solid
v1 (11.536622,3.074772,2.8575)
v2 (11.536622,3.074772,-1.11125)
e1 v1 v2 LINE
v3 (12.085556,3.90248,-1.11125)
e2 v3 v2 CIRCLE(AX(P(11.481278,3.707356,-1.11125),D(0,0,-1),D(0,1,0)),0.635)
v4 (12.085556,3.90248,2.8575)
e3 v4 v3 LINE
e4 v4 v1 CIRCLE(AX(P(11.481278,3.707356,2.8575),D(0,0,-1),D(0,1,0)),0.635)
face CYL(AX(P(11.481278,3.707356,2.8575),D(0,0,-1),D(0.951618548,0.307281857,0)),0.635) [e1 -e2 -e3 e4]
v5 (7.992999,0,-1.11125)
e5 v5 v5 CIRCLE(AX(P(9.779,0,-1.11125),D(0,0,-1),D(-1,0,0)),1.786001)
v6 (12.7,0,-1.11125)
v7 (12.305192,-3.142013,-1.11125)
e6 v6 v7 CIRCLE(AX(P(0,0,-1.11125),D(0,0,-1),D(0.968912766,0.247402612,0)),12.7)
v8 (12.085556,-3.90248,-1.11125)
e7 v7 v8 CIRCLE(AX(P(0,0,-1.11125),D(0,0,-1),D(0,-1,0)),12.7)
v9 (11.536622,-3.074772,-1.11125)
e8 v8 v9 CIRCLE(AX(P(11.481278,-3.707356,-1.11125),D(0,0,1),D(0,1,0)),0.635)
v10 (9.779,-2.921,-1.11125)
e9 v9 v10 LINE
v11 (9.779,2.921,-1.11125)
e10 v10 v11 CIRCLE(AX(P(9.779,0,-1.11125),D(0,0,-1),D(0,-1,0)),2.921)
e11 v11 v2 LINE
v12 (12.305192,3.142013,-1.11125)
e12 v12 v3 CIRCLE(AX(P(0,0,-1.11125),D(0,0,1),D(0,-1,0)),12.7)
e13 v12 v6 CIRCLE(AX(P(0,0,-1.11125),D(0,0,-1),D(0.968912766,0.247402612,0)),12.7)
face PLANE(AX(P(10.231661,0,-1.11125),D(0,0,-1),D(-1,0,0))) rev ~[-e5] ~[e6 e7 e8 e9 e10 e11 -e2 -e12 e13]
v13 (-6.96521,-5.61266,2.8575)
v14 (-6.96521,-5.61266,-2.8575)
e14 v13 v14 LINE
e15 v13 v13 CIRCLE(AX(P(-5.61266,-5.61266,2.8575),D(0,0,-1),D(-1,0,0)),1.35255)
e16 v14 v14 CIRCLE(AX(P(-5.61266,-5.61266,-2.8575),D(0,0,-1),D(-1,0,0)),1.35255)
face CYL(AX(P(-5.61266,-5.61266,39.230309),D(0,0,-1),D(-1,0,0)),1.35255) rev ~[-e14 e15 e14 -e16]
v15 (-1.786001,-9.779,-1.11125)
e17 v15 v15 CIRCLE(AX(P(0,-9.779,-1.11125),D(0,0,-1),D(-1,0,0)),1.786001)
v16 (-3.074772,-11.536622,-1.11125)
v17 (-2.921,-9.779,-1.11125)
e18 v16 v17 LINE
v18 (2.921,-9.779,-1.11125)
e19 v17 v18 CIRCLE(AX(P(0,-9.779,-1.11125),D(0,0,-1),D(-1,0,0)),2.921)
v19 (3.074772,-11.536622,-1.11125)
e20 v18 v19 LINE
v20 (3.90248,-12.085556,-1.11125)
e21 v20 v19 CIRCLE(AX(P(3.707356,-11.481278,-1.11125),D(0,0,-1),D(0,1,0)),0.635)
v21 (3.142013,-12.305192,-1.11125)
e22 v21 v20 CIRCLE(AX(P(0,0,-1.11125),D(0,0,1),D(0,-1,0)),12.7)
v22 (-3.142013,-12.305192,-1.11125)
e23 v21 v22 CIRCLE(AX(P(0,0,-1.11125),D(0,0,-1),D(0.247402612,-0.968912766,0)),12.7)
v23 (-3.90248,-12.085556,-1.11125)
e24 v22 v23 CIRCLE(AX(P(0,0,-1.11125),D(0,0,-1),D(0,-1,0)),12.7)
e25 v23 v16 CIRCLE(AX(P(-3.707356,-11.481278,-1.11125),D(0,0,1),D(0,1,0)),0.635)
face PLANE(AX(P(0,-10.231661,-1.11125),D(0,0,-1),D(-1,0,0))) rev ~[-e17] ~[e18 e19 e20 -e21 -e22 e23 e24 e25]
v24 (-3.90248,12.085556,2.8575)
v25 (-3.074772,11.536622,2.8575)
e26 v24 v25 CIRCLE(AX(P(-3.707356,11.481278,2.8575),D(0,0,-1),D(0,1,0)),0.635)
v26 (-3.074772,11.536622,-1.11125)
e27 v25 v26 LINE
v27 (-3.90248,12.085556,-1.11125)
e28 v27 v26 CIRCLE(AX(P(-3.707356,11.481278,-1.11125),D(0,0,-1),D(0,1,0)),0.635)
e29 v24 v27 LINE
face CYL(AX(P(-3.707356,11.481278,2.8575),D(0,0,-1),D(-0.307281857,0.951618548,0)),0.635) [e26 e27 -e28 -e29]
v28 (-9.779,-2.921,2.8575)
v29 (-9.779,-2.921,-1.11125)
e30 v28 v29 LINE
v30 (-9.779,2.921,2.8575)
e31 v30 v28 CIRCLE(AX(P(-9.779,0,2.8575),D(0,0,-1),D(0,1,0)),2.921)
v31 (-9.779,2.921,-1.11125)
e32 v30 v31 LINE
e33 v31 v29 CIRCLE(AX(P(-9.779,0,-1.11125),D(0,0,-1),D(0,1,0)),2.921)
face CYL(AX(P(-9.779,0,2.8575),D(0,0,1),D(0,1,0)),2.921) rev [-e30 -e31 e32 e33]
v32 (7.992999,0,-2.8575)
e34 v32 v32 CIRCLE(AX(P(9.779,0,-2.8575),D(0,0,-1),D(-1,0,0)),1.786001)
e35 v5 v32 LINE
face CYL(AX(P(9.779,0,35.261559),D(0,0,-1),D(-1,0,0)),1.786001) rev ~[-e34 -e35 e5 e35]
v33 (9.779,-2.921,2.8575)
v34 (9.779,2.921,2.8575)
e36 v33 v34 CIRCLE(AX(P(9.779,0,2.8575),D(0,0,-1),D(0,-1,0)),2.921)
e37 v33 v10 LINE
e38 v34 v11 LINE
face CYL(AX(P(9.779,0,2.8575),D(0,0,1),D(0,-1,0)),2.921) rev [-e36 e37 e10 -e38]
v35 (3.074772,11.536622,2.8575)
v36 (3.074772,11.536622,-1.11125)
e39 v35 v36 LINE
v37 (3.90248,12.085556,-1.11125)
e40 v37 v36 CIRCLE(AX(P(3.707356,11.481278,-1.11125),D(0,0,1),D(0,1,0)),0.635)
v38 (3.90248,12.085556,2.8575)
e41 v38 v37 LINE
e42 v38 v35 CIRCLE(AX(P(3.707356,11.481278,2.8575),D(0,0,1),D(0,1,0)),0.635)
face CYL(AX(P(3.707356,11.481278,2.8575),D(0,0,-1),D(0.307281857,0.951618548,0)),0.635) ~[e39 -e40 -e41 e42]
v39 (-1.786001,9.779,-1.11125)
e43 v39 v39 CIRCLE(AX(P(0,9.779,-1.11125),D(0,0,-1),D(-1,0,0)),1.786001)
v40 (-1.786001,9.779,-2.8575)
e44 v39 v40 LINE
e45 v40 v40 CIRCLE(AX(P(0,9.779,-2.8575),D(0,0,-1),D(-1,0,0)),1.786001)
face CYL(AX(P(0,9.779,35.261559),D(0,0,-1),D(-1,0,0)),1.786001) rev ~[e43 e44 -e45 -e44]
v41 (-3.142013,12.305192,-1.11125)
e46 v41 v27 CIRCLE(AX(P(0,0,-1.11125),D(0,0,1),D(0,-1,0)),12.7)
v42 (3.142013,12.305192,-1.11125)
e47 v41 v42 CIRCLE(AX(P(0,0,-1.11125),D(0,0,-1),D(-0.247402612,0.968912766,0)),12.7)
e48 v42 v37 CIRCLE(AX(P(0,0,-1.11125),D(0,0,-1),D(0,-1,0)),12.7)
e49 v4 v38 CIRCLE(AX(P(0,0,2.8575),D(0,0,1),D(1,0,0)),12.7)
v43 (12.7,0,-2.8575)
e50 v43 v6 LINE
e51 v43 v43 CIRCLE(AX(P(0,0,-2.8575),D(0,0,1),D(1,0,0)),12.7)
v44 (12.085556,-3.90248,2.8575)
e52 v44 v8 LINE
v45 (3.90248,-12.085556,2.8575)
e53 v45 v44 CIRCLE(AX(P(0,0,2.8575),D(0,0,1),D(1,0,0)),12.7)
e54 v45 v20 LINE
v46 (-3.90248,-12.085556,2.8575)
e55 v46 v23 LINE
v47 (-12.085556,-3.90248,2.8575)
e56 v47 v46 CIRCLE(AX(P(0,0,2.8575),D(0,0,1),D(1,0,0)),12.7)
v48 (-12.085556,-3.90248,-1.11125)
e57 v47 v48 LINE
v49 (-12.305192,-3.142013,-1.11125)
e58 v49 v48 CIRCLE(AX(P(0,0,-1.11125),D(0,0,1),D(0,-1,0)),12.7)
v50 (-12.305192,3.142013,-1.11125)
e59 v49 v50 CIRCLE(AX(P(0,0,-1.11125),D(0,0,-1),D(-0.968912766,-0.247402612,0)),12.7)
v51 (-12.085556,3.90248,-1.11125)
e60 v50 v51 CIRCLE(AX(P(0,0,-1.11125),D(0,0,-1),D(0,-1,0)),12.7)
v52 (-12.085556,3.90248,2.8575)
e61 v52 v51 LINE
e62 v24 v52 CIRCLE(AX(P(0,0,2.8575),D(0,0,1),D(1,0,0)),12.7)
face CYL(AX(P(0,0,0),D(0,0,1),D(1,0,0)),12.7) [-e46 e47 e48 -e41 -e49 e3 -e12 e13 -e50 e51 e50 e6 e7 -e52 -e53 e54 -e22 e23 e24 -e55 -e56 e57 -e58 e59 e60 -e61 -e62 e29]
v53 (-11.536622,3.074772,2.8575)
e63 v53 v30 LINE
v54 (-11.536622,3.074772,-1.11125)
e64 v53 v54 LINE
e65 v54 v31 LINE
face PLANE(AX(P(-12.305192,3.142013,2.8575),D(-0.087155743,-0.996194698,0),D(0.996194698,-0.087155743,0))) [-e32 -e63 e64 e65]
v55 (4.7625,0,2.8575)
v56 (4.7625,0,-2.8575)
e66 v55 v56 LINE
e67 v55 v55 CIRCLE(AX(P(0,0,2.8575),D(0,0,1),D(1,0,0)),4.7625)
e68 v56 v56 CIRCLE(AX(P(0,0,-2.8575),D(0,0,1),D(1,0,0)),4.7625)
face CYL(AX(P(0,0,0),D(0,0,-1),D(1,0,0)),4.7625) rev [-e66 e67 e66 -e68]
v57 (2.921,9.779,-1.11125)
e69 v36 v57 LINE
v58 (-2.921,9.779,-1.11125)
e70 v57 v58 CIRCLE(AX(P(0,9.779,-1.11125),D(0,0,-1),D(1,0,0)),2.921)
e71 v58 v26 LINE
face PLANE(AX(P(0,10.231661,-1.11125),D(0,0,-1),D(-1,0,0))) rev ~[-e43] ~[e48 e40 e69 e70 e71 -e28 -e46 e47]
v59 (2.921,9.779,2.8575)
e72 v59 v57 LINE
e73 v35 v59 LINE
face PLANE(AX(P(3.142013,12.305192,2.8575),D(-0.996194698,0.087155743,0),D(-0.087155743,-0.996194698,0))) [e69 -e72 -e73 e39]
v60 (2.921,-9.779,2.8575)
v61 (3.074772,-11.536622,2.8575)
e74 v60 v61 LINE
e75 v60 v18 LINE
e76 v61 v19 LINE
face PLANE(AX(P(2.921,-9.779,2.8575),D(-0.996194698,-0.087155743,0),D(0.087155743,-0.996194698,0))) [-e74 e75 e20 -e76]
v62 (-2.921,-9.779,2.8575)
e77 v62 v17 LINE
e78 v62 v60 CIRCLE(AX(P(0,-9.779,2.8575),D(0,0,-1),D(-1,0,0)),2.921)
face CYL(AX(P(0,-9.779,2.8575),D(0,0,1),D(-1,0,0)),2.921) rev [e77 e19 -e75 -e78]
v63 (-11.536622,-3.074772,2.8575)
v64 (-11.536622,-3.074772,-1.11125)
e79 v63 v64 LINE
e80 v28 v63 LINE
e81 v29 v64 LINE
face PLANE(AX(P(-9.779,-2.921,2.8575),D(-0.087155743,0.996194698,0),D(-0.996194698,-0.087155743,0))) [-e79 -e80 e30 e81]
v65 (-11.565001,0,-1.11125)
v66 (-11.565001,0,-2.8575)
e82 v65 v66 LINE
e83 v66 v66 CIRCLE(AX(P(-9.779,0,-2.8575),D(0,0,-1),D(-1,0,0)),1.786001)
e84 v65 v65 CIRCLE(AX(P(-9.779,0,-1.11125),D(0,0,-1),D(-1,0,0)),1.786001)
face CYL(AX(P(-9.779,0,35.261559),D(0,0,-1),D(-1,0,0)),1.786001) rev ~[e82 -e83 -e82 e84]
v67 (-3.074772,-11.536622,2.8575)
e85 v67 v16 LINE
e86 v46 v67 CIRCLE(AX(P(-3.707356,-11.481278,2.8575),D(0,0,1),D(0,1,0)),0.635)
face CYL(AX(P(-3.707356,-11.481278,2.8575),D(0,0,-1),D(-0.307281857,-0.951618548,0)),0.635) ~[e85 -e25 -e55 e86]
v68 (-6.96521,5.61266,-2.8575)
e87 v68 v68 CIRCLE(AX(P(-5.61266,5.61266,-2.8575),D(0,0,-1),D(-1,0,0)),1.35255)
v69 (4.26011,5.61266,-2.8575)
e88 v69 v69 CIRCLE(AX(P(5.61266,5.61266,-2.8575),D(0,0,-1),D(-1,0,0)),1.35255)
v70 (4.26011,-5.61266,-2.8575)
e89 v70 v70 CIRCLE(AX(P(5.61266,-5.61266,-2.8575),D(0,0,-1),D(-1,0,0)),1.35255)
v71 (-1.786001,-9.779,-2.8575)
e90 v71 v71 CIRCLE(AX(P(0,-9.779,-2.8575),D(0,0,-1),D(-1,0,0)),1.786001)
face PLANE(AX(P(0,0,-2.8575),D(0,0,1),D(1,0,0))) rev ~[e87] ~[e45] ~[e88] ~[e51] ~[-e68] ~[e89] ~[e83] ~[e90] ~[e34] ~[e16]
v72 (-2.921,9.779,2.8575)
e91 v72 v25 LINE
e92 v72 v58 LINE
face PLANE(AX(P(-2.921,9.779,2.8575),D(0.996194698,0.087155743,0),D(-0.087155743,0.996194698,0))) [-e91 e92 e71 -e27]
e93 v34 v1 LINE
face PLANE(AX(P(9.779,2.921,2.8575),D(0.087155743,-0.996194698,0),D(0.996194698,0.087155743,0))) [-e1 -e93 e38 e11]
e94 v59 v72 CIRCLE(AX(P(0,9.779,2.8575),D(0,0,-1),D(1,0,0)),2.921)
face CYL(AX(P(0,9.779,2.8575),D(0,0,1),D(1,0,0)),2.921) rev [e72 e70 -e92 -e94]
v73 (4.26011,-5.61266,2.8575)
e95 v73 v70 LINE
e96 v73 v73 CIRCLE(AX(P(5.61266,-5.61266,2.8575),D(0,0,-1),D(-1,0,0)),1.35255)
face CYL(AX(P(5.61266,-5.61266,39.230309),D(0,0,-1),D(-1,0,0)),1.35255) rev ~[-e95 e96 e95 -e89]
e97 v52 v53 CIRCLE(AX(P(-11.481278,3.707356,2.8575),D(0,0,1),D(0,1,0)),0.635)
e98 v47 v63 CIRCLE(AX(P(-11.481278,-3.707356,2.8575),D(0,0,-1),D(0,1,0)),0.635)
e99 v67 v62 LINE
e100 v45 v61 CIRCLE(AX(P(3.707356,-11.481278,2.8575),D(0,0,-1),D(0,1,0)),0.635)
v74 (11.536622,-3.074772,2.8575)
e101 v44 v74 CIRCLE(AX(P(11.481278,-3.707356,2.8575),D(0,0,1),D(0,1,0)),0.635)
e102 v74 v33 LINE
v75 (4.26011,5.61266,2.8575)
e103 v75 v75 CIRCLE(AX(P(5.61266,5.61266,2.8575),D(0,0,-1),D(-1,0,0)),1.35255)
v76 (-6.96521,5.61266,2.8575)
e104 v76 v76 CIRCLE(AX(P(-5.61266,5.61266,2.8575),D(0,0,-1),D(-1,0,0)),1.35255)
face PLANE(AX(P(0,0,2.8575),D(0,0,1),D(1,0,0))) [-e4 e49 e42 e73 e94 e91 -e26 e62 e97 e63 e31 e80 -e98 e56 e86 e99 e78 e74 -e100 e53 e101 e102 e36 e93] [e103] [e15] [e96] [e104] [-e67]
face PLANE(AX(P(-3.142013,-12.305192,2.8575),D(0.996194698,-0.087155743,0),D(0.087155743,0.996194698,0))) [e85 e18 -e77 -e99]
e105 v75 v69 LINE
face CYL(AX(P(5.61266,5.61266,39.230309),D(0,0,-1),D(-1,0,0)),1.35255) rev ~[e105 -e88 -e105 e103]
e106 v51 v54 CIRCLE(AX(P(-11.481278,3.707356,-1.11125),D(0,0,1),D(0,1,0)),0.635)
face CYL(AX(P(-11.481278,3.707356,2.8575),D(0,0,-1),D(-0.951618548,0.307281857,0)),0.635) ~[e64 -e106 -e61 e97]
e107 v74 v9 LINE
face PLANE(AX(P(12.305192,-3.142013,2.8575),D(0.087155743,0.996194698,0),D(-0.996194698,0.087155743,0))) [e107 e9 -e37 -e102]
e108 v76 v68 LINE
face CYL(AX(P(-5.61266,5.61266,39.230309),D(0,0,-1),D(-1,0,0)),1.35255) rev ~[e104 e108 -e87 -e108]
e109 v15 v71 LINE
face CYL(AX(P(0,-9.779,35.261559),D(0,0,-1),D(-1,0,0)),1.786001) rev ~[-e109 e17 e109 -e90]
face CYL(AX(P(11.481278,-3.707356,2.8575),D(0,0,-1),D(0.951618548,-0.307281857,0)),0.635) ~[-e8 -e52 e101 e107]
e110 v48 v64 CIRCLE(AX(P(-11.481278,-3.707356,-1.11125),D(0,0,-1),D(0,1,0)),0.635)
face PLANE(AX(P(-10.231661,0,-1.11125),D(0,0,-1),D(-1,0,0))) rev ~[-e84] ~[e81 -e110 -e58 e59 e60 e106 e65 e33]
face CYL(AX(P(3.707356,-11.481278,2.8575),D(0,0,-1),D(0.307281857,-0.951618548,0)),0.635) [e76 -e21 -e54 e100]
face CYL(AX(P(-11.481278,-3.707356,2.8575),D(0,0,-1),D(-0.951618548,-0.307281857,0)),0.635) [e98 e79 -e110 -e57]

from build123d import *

# Parameters (mm, degrees)
SKETCH1_R                       = 12.7
SKETCH1_R_2                     = 4.7625
BOSS_EXTRUDE1_DEPTH             = 2.8575
F_6_32_TAPPED_HOLE1_D           = 2.7051
CUT_EXTRUDE1_DEPTH              = 3.96875
F_9_64_0_14063_DIAMETER_HOLE1_D = 3.572002
FILLET1_R                       = 0.635


with BuildPart() as part:
    # Sketch1 → Boss-Extrude1 (new, symmetric)
    with BuildSketch(Plane.XY):
        Circle(SKETCH1_R)
        Circle(SKETCH1_R_2, mode=Mode.SUBTRACT)
    extrude(amount=BOSS_EXTRUDE1_DEPTH, both=True)

    # #6-32 Tapped Hole1 (through all)
    with Locations(Plane.XY.offset(2.8575)):
        with Locations((5.612660076, 5.612660076), (5.612660076, -5.612660076), (-5.612660076, -5.612660076), (-5.612660076, 5.612660076)):
            Hole(F_6_32_TAPPED_HOLE1_D / 2)

    # Sketch5 → Cut-Extrude1 (cut)
    with BuildSketch(Plane.XY.offset(2.8575)):
        with BuildLine():
            Line((9.779, 2.921), (12.305192125, 3.142013173))
            ThreePointArc((12.305192125, 3.142013173), (12.7, 0), (12.305192125, -3.142013173))
            Line((12.305192125, -3.142013173), (9.779, -2.921))
            ThreePointArc((9.779, -2.921), (6.858, 0), (9.779, 2.921))
        make_face()
        with BuildLine():
            Line((2.921, -9.779), (3.142013173, -12.305192125))
            ThreePointArc((3.142013173, -12.305192125), (0, -12.7), (-3.142013173, -12.305192125))
            Line((-3.142013173, -12.305192125), (-2.921, -9.779))
            ThreePointArc((-2.921, -9.779), (0, -6.858), (2.921, -9.779))
        make_face()
        with BuildLine():
            Line((-9.779, -2.921), (-12.305192125, -3.142013173))
            ThreePointArc((-12.305192125, -3.142013173), (-12.7, 0), (-12.305192125, 3.142013173))
            Line((-12.305192125, 3.142013173), (-9.779, 2.921))
            ThreePointArc((-9.779, 2.921), (-6.858, 0), (-9.779, -2.921))
        make_face()
        with BuildLine():
            Line((-2.921, 9.779), (-3.142013173, 12.305192125))
            ThreePointArc((-3.142013173, 12.305192125), (0, 12.7), (3.142013173, 12.305192125))
            Line((3.142013173, 12.305192125), (2.921, 9.779))
            ThreePointArc((2.921, 9.779), (0, 6.858), (-2.921, 9.779))
        make_face()
    extrude(amount=-CUT_EXTRUDE1_DEPTH, mode=Mode.SUBTRACT)

    # 9/64 (0.14063) Diameter Hole1 (through all)
    with Locations(Plane.XY.offset(-1.11125)):
        with Locations((0, 9.779), (-9.779, 0), (0, -9.779), (9.779, 0)):
            Hole(F_9_64_0_14063_DIAMETER_HOLE1_D / 2)

    # Fillet1
    fillet1_edges = [part.edges().sort_by_distance(p)[0] for p in [
        (12.305192125, 3.142013173, 0.873125),
        (12.305192125, -3.142013173, 0.873125),
        (3.142013173, -12.305192125, 0.873125),
        (-3.142013173, -12.305192125, 0.873125),
        (-12.305192125, -3.142013173, 0.873125),
        (-12.305192125, 3.142013173, 0.873125),
        (-3.142013173, 12.305192125, 0.873125),
        (3.142013173, 12.305192125, 0.873125),
    ]]
    fillet(fillet1_edges, radius=FILLET1_R)


solid = part.part
